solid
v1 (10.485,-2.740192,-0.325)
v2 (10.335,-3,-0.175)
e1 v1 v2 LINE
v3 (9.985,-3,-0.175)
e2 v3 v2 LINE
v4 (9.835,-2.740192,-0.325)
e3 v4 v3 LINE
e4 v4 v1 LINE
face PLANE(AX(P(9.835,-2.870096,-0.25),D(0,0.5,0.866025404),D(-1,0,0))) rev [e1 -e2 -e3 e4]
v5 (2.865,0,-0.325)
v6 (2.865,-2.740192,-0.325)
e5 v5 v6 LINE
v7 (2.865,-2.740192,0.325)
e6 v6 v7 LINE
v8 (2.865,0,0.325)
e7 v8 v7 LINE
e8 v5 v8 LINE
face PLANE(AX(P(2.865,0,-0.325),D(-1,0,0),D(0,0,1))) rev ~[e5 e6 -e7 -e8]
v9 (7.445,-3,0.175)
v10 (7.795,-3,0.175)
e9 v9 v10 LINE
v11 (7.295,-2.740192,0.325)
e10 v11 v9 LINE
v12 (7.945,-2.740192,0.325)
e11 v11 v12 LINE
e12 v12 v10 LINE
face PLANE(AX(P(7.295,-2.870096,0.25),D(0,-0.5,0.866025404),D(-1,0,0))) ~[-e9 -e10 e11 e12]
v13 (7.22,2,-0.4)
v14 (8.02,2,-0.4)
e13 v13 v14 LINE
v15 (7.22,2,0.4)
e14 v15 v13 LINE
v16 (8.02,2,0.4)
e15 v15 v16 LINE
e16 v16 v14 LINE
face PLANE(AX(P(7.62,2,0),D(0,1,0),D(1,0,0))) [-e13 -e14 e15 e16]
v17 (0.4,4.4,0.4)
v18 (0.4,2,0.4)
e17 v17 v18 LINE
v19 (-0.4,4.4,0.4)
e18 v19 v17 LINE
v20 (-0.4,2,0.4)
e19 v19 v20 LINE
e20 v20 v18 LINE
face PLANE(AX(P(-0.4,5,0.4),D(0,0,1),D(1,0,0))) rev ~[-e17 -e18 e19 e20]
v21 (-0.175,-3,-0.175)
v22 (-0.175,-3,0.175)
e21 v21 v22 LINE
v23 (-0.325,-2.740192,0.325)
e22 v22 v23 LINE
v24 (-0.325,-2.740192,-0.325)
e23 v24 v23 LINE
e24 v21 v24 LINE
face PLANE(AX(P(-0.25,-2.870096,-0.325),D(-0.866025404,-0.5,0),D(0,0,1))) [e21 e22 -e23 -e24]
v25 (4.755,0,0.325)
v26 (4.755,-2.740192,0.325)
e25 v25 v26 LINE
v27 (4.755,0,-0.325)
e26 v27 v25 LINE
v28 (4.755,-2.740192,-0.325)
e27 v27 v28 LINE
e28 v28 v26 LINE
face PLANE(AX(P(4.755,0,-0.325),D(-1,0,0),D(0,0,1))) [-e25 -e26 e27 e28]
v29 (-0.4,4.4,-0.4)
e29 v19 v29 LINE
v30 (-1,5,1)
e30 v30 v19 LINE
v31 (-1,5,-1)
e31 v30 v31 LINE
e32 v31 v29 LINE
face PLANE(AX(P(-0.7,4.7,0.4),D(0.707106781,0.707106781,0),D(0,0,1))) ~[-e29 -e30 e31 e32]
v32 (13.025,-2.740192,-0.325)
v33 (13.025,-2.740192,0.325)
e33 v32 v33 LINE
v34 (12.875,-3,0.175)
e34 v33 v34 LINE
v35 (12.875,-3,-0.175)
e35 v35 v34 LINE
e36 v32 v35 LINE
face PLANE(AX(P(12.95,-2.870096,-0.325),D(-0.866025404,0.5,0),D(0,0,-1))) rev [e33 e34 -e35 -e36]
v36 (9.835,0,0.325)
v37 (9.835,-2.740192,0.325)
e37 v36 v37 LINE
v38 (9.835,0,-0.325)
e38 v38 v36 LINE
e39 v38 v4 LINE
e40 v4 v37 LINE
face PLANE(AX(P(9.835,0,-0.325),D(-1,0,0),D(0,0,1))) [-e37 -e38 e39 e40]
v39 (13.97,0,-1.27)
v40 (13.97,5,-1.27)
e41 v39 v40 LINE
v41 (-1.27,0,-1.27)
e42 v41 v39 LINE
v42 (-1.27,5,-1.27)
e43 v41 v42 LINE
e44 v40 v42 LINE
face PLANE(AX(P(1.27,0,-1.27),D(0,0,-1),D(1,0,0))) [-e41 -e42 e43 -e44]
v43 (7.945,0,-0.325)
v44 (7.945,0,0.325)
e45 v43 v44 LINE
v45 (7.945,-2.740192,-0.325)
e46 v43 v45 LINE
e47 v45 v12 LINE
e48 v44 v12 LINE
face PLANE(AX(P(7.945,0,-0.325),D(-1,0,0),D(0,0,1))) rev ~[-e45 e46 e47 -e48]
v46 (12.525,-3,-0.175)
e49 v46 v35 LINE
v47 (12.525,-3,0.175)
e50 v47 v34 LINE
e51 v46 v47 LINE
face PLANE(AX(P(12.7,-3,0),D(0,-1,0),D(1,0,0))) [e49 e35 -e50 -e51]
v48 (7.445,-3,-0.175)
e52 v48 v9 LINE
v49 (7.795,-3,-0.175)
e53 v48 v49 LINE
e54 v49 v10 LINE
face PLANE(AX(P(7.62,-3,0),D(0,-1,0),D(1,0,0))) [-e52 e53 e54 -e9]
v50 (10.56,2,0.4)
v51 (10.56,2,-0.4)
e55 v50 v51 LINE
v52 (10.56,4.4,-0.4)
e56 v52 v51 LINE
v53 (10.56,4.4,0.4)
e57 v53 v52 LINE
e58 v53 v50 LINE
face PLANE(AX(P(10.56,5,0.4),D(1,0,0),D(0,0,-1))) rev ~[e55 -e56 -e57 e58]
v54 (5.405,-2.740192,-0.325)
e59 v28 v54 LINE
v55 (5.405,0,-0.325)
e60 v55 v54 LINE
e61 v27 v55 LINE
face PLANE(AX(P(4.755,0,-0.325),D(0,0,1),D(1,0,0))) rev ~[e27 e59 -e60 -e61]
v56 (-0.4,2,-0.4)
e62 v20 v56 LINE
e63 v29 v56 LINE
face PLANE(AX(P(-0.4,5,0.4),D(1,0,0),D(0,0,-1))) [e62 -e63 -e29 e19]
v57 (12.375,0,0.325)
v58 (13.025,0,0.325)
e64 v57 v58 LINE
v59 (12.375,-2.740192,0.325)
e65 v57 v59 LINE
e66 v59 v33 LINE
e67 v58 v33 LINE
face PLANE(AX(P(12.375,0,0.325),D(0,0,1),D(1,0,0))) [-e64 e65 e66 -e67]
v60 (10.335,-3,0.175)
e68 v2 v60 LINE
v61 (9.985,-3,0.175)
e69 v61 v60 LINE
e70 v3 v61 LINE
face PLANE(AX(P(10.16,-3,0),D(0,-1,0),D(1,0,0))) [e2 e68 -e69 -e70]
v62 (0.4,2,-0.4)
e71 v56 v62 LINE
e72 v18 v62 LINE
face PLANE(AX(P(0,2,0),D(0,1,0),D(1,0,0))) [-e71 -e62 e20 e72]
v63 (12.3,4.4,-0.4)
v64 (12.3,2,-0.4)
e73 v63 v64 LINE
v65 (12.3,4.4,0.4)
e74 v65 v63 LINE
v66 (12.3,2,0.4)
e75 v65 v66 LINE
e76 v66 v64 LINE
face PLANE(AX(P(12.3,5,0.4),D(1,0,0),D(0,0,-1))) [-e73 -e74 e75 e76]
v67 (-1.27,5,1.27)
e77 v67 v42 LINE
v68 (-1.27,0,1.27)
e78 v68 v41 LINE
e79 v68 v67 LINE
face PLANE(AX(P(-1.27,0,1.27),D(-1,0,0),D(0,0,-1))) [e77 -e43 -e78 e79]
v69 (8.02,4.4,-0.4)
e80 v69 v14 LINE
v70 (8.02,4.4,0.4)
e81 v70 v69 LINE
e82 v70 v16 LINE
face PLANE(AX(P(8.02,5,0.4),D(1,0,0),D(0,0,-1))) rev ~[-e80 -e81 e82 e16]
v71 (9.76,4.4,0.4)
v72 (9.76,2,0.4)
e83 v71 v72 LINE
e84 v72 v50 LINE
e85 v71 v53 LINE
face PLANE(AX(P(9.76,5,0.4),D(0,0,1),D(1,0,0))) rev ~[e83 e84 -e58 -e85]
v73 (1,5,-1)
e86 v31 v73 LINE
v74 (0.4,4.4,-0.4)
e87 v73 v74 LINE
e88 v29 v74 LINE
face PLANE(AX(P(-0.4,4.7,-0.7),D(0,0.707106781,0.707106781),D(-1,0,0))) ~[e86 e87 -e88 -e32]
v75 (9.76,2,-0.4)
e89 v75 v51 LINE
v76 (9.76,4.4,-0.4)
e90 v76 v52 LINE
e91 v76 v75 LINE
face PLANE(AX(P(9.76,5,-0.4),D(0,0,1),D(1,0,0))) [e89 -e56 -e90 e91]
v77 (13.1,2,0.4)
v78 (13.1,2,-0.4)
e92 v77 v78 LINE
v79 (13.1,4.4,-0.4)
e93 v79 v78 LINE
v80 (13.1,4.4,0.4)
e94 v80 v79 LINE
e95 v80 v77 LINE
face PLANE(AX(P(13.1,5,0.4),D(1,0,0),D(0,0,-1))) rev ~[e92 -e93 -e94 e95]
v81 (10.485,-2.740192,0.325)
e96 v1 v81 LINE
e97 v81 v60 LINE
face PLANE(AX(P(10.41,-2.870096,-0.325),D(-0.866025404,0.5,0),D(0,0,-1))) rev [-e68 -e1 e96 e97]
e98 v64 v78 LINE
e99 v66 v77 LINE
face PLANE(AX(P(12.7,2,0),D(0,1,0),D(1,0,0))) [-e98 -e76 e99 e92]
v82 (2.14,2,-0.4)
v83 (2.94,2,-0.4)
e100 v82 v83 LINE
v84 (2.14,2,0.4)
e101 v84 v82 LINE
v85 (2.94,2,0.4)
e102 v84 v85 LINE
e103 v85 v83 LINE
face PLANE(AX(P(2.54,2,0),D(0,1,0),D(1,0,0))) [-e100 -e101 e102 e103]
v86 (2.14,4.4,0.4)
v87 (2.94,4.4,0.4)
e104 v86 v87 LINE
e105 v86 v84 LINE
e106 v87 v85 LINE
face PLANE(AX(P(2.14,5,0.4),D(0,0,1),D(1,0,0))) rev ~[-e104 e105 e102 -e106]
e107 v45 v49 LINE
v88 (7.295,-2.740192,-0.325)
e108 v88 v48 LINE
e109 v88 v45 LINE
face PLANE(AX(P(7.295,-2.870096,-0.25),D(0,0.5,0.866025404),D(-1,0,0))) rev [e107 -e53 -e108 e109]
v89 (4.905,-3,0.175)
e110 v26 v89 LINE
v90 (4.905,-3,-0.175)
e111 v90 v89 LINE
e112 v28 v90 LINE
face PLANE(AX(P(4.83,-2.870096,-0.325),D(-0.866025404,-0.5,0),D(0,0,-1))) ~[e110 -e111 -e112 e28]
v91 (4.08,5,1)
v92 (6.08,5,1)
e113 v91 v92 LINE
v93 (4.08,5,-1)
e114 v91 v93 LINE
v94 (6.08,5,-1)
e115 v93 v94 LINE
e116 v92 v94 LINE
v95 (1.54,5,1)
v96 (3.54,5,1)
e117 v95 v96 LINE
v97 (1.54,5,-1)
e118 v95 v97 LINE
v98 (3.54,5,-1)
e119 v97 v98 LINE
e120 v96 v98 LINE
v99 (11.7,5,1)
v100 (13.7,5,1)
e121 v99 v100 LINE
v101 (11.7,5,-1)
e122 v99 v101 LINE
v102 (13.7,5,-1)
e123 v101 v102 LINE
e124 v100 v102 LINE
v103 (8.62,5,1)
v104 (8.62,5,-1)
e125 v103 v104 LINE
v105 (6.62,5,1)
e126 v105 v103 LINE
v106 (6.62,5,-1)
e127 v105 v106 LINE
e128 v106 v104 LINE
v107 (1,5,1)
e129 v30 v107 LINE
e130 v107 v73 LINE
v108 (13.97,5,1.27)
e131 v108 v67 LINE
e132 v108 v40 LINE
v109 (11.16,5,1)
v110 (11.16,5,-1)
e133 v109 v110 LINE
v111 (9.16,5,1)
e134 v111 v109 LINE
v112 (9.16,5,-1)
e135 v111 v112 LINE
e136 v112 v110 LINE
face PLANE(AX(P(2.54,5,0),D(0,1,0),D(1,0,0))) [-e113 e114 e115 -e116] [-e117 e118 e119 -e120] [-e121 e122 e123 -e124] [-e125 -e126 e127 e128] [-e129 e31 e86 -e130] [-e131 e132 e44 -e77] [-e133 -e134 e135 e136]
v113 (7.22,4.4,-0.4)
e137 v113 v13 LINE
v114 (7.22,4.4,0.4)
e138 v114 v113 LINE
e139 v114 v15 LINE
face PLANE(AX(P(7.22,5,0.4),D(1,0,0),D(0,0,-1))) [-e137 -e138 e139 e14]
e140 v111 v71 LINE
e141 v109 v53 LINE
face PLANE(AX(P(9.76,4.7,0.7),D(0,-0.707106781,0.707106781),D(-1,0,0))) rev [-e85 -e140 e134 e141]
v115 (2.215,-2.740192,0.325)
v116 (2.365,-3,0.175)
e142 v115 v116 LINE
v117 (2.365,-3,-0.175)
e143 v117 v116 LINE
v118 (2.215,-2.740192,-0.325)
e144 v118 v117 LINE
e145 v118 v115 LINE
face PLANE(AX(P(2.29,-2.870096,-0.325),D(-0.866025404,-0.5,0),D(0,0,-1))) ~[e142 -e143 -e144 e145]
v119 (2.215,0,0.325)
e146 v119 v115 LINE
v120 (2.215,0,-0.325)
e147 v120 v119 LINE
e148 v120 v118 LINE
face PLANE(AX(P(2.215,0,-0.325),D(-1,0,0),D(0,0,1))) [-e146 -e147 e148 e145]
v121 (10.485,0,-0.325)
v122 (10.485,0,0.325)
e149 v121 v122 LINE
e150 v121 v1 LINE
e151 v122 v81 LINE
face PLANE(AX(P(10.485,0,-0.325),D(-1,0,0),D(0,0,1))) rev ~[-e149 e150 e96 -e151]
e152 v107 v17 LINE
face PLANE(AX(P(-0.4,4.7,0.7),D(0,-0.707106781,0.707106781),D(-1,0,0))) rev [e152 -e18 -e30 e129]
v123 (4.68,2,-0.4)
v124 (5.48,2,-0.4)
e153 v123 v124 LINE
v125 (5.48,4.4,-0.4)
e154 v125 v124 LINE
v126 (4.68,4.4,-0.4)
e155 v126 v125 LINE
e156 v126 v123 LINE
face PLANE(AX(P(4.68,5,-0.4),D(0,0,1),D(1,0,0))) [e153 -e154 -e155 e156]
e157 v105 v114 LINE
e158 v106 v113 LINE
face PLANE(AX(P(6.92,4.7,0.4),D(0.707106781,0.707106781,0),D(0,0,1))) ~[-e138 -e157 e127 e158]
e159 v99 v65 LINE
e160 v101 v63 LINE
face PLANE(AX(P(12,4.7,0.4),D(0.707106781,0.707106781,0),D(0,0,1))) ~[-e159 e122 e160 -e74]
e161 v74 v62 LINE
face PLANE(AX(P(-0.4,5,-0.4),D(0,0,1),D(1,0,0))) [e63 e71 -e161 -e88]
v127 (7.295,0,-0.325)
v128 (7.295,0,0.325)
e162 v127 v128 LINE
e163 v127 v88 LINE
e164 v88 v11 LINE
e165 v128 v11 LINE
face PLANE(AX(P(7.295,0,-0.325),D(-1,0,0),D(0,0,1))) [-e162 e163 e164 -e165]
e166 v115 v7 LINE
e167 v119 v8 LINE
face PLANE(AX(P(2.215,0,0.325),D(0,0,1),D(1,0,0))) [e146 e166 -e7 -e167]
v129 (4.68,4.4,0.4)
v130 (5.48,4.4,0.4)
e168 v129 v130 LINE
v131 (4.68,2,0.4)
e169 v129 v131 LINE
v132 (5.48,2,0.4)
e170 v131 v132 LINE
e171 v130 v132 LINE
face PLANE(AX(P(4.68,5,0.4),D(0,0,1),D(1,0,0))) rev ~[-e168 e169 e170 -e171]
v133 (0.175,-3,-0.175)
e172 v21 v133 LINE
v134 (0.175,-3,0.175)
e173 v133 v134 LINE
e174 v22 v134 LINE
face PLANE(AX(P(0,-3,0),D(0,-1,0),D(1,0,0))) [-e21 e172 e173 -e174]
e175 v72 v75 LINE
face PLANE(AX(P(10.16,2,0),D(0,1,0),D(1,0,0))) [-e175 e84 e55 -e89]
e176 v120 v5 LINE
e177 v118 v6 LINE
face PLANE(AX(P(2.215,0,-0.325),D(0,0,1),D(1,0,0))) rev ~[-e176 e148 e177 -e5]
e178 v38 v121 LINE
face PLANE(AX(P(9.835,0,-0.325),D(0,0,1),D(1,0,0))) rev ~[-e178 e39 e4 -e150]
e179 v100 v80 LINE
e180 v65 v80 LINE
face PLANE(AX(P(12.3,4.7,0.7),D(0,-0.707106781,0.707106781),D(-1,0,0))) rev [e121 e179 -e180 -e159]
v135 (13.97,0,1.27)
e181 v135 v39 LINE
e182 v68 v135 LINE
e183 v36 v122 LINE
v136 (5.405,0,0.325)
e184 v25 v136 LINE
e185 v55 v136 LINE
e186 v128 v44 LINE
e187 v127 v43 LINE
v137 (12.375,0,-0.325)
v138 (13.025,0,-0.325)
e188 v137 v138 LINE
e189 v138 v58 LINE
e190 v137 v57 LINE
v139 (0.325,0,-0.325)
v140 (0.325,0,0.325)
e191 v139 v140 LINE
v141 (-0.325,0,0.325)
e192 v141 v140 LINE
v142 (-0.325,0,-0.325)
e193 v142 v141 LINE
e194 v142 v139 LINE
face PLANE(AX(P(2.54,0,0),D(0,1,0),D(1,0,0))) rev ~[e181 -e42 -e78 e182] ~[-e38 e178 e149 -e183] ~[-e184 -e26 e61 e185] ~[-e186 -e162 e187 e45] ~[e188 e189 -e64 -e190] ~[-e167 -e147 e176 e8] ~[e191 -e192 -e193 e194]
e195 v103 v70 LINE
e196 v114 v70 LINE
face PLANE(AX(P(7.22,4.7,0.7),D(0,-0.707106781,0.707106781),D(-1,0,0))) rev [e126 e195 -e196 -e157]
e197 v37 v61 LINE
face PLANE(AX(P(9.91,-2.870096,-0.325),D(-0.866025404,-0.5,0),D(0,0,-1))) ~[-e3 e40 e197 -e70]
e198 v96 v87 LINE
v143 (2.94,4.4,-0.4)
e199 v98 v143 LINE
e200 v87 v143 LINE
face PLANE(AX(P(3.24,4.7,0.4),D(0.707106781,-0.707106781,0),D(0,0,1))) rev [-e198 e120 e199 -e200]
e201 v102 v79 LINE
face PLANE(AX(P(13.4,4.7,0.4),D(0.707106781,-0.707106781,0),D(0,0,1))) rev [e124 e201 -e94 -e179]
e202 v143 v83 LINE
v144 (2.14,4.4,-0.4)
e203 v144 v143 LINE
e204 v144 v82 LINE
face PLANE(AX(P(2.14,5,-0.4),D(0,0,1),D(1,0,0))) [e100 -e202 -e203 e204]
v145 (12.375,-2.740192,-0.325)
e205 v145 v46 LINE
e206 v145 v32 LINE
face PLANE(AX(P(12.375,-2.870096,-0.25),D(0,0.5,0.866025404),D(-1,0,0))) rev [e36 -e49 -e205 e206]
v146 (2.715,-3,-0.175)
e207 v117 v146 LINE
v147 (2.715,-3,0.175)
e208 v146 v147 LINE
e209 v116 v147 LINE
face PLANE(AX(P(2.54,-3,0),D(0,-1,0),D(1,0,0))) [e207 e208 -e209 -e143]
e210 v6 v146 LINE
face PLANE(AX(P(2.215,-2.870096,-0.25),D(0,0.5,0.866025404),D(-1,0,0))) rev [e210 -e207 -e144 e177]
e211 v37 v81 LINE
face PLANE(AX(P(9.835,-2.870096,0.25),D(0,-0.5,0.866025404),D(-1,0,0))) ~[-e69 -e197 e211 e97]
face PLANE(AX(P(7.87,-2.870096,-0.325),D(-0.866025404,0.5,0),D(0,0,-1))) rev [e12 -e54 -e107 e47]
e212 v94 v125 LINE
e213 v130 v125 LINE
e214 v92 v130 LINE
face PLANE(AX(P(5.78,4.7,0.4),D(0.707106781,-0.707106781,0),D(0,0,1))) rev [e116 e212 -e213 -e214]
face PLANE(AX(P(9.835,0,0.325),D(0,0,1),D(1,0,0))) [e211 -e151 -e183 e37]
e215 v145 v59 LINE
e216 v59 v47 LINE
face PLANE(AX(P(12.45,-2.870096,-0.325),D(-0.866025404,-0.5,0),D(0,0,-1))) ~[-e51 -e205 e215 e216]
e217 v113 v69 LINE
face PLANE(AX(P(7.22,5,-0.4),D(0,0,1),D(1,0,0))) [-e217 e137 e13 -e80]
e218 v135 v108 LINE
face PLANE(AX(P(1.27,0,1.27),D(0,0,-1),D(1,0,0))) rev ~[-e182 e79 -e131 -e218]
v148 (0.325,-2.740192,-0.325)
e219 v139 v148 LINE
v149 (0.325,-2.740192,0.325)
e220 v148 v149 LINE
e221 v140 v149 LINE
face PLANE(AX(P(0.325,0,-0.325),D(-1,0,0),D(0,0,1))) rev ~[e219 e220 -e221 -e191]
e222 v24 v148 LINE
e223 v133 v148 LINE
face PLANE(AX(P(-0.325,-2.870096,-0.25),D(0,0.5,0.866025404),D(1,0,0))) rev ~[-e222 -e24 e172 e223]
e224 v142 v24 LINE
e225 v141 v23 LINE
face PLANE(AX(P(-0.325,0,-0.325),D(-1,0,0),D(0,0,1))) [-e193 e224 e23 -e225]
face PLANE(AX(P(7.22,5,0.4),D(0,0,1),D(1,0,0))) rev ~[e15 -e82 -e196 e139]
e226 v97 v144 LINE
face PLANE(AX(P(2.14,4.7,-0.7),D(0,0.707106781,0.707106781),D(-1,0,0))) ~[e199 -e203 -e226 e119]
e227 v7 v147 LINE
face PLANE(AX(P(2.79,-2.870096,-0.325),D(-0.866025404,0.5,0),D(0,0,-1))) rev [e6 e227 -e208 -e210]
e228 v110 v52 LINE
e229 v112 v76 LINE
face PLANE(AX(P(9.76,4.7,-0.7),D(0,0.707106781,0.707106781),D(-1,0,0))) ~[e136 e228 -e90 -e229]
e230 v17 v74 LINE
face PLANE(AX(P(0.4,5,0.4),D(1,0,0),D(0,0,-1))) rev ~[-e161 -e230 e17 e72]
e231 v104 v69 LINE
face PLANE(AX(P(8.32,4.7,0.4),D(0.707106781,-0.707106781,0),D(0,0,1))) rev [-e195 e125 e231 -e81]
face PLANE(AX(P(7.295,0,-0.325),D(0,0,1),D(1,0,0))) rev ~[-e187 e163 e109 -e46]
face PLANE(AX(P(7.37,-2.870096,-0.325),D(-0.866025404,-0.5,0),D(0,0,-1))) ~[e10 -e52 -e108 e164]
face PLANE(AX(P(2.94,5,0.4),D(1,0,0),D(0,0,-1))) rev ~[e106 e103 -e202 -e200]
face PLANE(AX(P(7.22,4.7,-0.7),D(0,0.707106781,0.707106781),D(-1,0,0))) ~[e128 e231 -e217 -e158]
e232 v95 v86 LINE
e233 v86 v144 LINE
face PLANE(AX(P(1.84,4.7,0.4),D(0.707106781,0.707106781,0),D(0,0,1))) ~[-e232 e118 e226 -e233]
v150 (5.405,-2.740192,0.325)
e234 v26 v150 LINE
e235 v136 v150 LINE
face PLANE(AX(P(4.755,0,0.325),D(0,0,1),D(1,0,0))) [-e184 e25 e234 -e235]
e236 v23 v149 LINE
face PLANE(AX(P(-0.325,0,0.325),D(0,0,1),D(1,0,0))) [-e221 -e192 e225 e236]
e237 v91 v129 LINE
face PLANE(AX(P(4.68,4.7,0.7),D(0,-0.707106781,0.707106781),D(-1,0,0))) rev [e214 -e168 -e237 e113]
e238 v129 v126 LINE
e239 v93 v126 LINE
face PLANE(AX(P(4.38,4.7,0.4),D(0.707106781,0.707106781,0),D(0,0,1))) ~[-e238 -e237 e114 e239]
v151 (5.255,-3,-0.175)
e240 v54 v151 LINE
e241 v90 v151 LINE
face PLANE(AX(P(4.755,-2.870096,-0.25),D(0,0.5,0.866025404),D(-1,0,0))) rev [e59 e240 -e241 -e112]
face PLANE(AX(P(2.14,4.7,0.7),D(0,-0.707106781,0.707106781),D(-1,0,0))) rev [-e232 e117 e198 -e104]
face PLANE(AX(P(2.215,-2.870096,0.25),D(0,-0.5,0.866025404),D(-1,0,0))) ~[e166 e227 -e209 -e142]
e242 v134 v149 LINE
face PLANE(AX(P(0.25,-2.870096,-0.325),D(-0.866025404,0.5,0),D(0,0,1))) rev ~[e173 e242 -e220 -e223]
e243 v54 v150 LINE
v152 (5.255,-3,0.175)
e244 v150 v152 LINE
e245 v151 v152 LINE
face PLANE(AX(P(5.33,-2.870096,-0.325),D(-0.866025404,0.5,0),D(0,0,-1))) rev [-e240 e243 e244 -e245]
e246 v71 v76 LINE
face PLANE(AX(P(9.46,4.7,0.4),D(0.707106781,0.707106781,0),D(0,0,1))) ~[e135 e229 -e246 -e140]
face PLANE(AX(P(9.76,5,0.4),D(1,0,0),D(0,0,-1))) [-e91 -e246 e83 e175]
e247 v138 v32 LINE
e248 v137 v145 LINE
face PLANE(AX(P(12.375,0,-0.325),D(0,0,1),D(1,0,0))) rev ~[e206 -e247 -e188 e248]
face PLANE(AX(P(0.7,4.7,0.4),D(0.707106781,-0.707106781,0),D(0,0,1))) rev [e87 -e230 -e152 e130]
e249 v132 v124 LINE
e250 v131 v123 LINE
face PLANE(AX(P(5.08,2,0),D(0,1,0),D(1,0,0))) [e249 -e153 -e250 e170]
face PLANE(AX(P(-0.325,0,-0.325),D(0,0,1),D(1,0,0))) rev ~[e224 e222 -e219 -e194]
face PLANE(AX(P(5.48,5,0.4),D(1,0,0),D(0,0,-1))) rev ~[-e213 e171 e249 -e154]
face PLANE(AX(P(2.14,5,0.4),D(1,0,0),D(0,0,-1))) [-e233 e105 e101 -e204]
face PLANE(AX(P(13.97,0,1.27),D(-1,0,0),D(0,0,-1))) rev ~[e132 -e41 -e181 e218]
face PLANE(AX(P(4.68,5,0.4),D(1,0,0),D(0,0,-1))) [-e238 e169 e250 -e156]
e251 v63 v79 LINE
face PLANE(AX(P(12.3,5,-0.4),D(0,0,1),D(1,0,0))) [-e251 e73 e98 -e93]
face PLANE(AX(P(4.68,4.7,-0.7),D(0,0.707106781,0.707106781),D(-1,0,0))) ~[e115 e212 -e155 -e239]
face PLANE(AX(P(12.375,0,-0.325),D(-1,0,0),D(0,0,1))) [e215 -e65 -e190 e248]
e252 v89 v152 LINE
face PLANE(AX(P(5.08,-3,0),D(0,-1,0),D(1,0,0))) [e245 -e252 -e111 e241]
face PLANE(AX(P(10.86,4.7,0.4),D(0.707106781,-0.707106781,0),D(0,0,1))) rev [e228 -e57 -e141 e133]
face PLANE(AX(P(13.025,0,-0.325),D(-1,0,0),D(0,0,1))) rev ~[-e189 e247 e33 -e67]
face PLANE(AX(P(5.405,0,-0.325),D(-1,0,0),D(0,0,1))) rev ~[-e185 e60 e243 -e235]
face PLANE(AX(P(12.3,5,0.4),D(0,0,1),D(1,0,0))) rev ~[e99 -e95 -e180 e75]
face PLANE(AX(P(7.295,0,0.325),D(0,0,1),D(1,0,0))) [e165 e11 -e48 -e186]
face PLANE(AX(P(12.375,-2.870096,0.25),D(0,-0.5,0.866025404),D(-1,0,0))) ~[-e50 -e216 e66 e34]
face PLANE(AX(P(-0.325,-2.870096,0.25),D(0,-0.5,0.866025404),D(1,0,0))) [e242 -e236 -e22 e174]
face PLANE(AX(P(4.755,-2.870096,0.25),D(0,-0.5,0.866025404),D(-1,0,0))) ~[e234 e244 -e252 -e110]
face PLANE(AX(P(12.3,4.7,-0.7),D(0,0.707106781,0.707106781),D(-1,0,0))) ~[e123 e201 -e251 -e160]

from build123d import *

# Parameters (mm, degrees)
SKETCH1_W                   = 2.54
SKETCH1_H                   = 2.54
BOSS_EXTRUDE1_DEPTH         = 5
SKETCH2_W                   = 0.65
SKETCH2_H                   = 0.65
BOSS_EXTRUDE2_DEPTH         = 3
CHAMFER1_SIZE               = 0.15
CHAMFER1_SIZE2              = 0.259807621
SKETCH3_W                   = 0.8
SKETCH3_H                   = 0.8
CUT_EXTRUDE1_DEPTH          = 3
CHAMFER2_SIZE               = 0.6
LPATTERN1_COUNT             = 6
LPATTERN1_PITCH             = 2.54
CHAMFER1_OF_LPATTERN1_SIZE2 = 0.15
CHAMFER1_OF_LPATTERN1_SIZE  = 0.259807621
CHAMFER2_OF_LPATTERN1_SIZE  = 0.6


with BuildPart() as part:
    # Sketch1 → Boss-Extrude1 (new body)
    with BuildSketch(Plane(origin=(0, 0, 0), x_dir=(1, 0, 0), z_dir=(0, 1, 0))):
        Rectangle(SKETCH1_W, SKETCH1_H)
    boss_extrude1 = extrude(amount=BOSS_EXTRUDE1_DEPTH)

    # Sketch2 → Boss-Extrude2 (add)
    with BuildSketch(Plane.XZ):
        Rectangle(SKETCH2_W, SKETCH2_H)
    boss_extrude2 = extrude(amount=BOSS_EXTRUDE2_DEPTH)

    # Chamfer1
    chamfer1_edges = [part.edges().sort_by_distance(p)[0] for p in [
        (0.325, -3, 0),
        (0, -3, 0.325),
        (-0.325, -3, 0),
        (0, -3, -0.325),
    ]]
    chamfer1_side = [part.faces().sort_by_distance(p)[0] for p in [
        (0, -3, 0),
    ]]
    chamfer(chamfer1_edges, length=CHAMFER1_SIZE, length2=CHAMFER1_SIZE2, reference=chamfer1_side[0])

    # Sketch3 → Cut-Extrude1 (cut)
    with BuildSketch(Plane(origin=(0, 5, 0), x_dir=(1, 0, 0), z_dir=(0, 1, 0))):
        Rectangle(SKETCH3_W, SKETCH3_H)
    cut_extrude1 = extrude(amount=-CUT_EXTRUDE1_DEPTH, mode=Mode.SUBTRACT)

    # Chamfer2
    chamfer2_edges = [part.edges().sort_by_distance(p)[0] for p in [
        (0.4, 5, 0),
        (0, 5, -0.4),
        (-0.4, 5, 0),
        (0, 5, 0.4),
    ]]
    chamfer(chamfer2_edges, length=CHAMFER2_SIZE)

    # LPattern1: Boss-Extrude1, Boss-Extrude2, Cut-Extrude1 ×6
    with Locations(*[(i * LPATTERN1_PITCH, 0, 0) for i in range(1, LPATTERN1_COUNT)]):
        add(boss_extrude1)
        add(boss_extrude2)
        add(cut_extrude1, mode=Mode.SUBTRACT)

    # Chamfer1 of LPattern1
    chamfer1_of_lpattern1_edges = [part.edges().sort_by_distance(p)[0] for p in [
        (2.865, -3, 0),
        (2.54, -3, 0.325),
        (2.215, -3, 0),
        (2.54, -3, -0.325),
        (5.405, -3, 0),
        (5.08, -3, 0.325),
        (4.755, -3, 0),
        (5.08, -3, -0.325),
        (7.945, -3, 0),
        (7.62, -3, 0.325),
        (7.295, -3, 0),
        (7.62, -3, -0.325),
        (10.485, -3, 0),
        (10.16, -3, 0.325),
        (9.835, -3, 0),
        (10.16, -3, -0.325),
        (13.025, -3, 0),
        (12.7, -3, 0.325),
        (12.375, -3, 0),
        (12.7, -3, -0.325),
    ]]
    chamfer(chamfer1_of_lpattern1_edges, length=CHAMFER1_OF_LPATTERN1_SIZE, length2=CHAMFER1_OF_LPATTERN1_SIZE2)

    # Chamfer2 of LPattern1
    chamfer2_of_lpattern1_edges = [part.edges().sort_by_distance(p)[0] for p in [
        (2.94, 5, 0),
        (2.54, 5, -0.4),
        (2.14, 5, 0),
        (2.54, 5, 0.4),
        (5.48, 5, 0),
        (5.08, 5, -0.4),
        (4.68, 5, 0),
        (5.08, 5, 0.4),
        (8.02, 5, 0),
        (7.62, 5, -0.4),
        (7.22, 5, 0),
        (7.62, 5, 0.4),
        (10.56, 5, 0),
        (10.16, 5, -0.4),
        (9.76, 5, 0),
        (10.16, 5, 0.4),
        (13.1, 5, 0),
        (12.7, 5, -0.4),
        (12.3, 5, 0),
        (12.7, 5, 0.4),
    ]]
    chamfer(chamfer2_of_lpattern1_edges, length=CHAMFER2_OF_LPATTERN1_SIZE)


solid = part.part
